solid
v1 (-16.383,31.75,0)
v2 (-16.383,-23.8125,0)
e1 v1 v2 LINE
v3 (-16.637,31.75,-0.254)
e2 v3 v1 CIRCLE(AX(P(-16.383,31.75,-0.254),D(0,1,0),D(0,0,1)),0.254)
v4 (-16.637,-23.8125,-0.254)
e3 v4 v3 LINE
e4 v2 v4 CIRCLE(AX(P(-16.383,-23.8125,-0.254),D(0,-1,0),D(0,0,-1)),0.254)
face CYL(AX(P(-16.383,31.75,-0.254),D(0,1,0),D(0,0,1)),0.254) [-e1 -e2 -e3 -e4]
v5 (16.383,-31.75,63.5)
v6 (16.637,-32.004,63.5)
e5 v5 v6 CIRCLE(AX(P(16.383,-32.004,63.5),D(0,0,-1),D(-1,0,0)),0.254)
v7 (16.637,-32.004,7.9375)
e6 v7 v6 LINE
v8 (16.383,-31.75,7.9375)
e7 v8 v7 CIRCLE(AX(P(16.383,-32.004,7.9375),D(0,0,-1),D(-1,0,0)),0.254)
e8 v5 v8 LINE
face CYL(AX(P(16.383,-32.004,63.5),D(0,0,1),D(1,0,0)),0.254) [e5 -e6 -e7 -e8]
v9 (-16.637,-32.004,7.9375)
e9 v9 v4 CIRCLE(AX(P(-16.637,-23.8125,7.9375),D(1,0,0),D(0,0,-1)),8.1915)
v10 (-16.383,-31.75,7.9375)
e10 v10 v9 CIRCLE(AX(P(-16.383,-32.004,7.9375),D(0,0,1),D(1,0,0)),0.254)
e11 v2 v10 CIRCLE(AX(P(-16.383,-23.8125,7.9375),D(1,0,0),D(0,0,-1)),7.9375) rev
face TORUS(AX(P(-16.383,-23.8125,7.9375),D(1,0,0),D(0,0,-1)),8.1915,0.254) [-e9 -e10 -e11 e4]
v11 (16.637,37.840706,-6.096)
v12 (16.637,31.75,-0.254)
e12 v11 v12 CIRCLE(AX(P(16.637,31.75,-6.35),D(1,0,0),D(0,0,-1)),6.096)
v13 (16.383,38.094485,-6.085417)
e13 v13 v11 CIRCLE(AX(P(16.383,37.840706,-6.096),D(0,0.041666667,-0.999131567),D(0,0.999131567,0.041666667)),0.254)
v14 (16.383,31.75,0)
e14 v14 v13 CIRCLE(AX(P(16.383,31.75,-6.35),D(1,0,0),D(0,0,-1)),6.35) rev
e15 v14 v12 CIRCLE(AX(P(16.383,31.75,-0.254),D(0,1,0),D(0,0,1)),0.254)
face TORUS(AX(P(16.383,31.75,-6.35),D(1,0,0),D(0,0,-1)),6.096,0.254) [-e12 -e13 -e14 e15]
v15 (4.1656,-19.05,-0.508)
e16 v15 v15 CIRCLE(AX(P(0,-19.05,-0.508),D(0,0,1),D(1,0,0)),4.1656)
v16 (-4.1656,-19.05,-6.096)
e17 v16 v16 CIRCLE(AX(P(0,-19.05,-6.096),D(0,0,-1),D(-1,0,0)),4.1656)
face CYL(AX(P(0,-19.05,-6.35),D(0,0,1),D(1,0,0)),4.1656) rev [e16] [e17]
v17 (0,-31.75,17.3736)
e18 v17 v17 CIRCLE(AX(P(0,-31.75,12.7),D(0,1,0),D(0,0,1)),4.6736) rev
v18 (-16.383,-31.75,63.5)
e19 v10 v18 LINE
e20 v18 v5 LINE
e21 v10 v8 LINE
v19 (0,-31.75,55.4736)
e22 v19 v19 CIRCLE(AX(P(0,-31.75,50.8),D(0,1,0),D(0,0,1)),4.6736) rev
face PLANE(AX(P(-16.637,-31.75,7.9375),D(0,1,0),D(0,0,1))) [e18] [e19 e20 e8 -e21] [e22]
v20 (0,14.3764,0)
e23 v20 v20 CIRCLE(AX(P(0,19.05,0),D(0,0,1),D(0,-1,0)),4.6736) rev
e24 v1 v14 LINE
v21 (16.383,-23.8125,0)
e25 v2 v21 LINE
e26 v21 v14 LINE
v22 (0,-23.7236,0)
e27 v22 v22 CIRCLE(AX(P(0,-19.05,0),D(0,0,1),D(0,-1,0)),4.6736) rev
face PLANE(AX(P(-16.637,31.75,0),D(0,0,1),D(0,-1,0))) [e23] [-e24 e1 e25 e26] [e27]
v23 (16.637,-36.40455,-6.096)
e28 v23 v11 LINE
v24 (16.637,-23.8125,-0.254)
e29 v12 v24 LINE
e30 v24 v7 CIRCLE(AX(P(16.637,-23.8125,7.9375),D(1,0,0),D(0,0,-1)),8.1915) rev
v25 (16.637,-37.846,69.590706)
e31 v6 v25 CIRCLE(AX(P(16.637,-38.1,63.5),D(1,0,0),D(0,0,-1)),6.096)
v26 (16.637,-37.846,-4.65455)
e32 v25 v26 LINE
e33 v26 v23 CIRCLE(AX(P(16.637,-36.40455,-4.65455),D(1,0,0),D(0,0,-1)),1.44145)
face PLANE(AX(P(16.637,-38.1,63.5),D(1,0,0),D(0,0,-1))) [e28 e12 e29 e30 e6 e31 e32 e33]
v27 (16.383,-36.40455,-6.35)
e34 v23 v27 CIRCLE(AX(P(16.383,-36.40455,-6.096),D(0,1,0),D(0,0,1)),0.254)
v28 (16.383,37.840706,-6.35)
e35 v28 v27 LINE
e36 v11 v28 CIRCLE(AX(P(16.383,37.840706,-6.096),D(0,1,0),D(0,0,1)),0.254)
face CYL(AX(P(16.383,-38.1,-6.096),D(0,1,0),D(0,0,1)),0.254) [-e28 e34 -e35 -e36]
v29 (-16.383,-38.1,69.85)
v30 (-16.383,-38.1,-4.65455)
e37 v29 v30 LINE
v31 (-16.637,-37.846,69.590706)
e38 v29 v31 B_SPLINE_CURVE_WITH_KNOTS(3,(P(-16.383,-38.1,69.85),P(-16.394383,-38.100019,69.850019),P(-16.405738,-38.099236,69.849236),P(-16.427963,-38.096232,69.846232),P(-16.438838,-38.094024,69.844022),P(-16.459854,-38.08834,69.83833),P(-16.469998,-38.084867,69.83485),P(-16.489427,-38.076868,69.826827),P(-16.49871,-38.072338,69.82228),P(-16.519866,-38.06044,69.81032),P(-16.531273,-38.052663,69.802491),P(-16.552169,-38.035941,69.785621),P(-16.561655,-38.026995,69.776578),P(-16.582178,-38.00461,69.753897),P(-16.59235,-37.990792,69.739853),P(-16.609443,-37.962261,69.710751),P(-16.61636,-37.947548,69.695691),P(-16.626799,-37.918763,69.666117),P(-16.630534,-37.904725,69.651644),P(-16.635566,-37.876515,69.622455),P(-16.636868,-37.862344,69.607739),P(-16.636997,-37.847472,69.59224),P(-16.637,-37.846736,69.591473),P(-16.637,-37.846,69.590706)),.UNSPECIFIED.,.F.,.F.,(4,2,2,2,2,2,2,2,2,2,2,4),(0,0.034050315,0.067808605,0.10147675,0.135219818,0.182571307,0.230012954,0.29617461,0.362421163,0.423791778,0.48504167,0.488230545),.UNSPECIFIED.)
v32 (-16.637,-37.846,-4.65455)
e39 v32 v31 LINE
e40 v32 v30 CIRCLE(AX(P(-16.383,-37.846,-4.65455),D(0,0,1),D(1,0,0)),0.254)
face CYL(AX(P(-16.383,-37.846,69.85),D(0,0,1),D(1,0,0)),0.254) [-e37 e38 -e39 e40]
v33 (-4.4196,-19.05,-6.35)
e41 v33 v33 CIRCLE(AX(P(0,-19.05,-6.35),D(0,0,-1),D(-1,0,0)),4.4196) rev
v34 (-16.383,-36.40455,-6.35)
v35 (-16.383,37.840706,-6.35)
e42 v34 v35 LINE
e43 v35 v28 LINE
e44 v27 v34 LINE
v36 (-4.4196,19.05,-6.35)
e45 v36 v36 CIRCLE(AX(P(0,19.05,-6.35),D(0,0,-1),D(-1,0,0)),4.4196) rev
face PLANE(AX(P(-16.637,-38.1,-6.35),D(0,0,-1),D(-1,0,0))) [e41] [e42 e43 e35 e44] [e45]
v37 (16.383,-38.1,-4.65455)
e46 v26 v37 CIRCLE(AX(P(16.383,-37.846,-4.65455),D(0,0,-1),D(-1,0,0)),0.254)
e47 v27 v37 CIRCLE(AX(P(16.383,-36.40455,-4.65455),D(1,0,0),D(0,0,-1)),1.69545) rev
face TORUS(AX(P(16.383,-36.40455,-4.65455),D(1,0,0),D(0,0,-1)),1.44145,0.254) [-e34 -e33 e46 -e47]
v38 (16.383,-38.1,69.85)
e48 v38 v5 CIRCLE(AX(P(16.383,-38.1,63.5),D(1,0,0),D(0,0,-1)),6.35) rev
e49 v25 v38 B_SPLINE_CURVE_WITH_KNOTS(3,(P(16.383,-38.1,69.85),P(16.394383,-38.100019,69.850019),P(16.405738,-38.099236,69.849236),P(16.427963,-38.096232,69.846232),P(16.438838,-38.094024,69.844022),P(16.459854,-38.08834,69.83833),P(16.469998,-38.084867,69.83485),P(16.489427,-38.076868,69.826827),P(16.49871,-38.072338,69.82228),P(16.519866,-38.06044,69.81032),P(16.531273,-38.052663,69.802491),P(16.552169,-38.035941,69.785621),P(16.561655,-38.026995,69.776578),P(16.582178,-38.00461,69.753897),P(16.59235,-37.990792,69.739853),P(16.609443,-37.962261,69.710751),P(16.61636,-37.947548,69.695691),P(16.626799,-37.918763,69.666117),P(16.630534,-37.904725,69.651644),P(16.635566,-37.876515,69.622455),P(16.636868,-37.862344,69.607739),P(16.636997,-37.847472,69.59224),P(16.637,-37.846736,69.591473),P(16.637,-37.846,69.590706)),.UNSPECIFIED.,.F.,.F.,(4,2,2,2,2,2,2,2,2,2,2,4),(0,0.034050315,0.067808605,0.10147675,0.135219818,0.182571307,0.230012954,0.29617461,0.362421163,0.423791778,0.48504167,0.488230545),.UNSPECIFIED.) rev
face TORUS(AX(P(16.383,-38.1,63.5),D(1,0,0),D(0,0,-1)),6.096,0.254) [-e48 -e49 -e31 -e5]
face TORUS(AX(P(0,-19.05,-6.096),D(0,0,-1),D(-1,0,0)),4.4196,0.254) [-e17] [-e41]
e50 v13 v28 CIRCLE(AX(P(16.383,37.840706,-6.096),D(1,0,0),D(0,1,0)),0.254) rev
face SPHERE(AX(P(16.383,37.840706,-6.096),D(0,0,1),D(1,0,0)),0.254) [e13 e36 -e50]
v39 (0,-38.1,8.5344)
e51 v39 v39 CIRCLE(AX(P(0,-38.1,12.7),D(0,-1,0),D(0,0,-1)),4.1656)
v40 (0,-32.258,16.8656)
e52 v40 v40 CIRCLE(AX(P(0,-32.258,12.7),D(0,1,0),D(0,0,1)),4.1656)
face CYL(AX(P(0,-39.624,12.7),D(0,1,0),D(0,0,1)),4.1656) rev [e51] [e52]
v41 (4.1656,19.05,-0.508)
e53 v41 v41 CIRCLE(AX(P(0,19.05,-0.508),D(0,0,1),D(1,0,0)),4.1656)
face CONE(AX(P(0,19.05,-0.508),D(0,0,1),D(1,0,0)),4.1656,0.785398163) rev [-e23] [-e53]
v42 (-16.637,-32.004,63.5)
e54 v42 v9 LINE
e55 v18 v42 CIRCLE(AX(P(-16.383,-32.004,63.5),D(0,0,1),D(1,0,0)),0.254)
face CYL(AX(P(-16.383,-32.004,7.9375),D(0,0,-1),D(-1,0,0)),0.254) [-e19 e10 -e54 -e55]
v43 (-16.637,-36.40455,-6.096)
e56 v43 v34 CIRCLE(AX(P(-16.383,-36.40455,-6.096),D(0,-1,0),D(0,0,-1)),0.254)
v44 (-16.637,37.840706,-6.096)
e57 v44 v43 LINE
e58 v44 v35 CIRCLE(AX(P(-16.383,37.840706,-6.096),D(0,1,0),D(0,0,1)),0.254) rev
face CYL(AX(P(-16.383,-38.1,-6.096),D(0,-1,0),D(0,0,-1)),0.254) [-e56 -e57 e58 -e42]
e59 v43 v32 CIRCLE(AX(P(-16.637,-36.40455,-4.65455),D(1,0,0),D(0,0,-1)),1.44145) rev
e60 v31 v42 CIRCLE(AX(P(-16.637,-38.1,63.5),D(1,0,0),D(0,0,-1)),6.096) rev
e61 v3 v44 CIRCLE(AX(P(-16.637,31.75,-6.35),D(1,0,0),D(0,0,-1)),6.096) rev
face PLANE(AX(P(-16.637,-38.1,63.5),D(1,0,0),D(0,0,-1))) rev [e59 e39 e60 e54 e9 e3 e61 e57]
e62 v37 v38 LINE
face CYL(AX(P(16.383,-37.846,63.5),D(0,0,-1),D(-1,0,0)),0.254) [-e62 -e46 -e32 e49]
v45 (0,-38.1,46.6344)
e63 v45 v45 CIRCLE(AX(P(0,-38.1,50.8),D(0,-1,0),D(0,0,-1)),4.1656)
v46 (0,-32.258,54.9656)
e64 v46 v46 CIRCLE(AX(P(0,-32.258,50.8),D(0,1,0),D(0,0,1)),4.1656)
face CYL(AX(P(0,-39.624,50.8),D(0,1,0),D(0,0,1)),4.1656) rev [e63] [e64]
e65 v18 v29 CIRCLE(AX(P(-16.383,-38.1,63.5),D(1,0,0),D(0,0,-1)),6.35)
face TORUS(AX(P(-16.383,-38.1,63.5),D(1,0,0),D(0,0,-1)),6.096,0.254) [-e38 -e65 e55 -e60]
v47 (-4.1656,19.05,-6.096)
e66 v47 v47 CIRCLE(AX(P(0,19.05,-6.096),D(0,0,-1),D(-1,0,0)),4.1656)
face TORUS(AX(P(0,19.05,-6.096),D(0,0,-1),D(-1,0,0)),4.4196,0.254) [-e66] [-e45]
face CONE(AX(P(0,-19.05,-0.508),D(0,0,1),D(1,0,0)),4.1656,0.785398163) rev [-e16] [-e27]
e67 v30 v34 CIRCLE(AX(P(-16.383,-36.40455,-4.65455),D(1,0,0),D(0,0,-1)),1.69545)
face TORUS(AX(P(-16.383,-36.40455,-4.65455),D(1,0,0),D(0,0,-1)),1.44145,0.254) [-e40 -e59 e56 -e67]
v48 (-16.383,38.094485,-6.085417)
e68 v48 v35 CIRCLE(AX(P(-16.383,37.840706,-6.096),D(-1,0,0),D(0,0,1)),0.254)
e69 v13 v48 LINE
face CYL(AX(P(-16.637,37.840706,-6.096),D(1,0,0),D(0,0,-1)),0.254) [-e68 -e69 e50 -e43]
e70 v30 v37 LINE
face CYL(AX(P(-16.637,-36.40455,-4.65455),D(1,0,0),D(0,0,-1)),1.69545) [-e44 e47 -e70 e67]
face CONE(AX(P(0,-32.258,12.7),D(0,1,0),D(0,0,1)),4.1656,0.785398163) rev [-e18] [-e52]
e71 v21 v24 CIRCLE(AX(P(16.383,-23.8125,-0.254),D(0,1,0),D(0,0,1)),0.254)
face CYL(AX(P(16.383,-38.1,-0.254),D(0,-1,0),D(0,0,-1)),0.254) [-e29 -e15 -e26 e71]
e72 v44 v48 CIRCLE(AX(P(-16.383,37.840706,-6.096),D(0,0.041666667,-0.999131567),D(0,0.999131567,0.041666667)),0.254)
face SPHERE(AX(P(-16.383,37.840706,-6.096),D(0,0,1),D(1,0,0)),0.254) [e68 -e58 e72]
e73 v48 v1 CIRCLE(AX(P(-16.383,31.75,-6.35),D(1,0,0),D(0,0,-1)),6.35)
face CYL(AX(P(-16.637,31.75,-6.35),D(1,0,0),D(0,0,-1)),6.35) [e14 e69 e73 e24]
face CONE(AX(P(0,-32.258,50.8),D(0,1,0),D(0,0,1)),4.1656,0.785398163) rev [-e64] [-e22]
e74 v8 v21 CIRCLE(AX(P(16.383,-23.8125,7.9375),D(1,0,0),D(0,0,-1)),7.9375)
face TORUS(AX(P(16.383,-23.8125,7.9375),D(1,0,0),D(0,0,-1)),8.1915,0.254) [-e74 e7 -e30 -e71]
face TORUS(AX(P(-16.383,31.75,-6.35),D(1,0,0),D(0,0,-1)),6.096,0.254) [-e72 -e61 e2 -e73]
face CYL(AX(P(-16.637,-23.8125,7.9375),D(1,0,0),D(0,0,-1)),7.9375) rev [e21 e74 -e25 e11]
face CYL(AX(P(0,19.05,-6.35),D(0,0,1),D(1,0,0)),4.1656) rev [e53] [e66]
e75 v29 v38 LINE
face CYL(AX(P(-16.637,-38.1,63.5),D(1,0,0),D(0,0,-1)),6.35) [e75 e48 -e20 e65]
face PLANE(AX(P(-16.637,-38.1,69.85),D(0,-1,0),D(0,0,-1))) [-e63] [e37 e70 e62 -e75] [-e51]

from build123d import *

# Parameters (mm, degrees)
BOSS_EXTRUDE1_START = 16.637
BOSS_EXTRUDE1_DEPTH = 33.274
FILLET1_R           = 1.69545
SKETCH4_R           = 4.1656
CUT_EXTRUDE1_DEPTH  = 82.286052118
SKETCH6_R           = 4.1656
CUT_EXTRUDE3_DEPTH  = 7.874
CHAMFER1_SIZE       = 0.508
FILLET2_R           = 0.254


with BuildPart() as part:
    # Sketch3 → Boss-Extrude1 (new body)
    with BuildSketch(Plane(origin=(0, 0, 0), x_dir=(0, 0, -1), z_dir=(1, 0, 0)).offset(BOSS_EXTRUDE1_START)):
        with BuildLine():
            Line((-7.9375, -31.75), (-63.5, -31.75))
            ThreePointArc((-63.5, -31.75), (-67.990128061, -33.609871939), (-69.85, -38.1))
            Line((-69.85, -38.1), (6.35, -38.1))
            Line((6.35, -38.1), (6.35, 38.1))
            ThreePointArc((6.35, 38.1), (1.859871939, 36.240128061), (0, 31.75))
            Line((0, 31.75), (0, -23.8125))
            ThreePointArc((0, -23.8125), (-2.324839924, -29.425160076), (-7.9375, -31.75))
        make_face()
    extrude(amount=-BOSS_EXTRUDE1_DEPTH)

    # Fillet1
    fillet1_edges = [part.edges().sort_by_distance(p)[0] for p in [
        (0, -38.1, -6.35),
    ]]
    fillet(fillet1_edges, radius=FILLET1_R)

    # Sketch4 → Cut-Extrude1 (cut, through all)
    with BuildSketch(Plane.XY):
        with Locations((0, 19.05)):
            Circle(SKETCH4_R)
        with Locations(Location((0, -19.05, 0), (0, 0, 180))):
            Circle(SKETCH4_R)
    extrude(amount=-CUT_EXTRUDE1_DEPTH, mode=Mode.SUBTRACT)

    # Sketch6 → Cut-Extrude3 (cut)
    with BuildSketch(Plane(origin=(0, -31.75, 0), x_dir=(1, 0, 0), z_dir=(0, 1, 0))):
        with Locations(Location((0, -12.7, 0), (0, 0, 270))):
            Circle(SKETCH6_R)
        with Locations(Location((0, -50.8, 0), (0, 0, 270))):
            Circle(SKETCH6_R)
    extrude(amount=-CUT_EXTRUDE3_DEPTH, mode=Mode.SUBTRACT)

    # Chamfer1
    chamfer1_edges = [part.edges().sort_by_distance(p)[0] for p in [
        (-4.1656, 19.05, 0),
        (4.1656, -19.05, 0),
        (0, -31.75, 8.5344),
        (0, -31.75, 46.6344),
    ]]
    chamfer(chamfer1_edges, length=CHAMFER1_SIZE)

    # Fillet2
    fillet2_edges = [part.edges().sort_by_distance(p)[0] for p in [
        (0, 38.1, -6.35),
        (-16.637, 36.240128061, -1.859871939),
        (-16.637, 3.96875, 0),
        (-16.637, -29.425160076, 2.324839924),
        (16.637, 0.847725, -6.35),
        (-16.637, -31.75, 35.71875),
        (16.637, -37.603414192, -5.853414192),
        (-16.637, 0.847725, -6.35),
        (-16.637, -37.603414192, -5.853414192),
        (-4.1656, 19.05, -6.35),
        (4.1656, -19.05, -6.35),
        (-16.637, -33.609871939, 67.990128061),
        (16.637, -31.75, 35.71875),
        (-16.637, -38.1, 32.597725),
        (16.637, -29.425160076, 2.324839924),
        (16.637, 3.96875, 0),
        (16.637, 36.240128061, -1.859871939),
        (16.637, -38.1, 32.597725),
        (16.637, -33.609871939, 67.990128061),
    ]]
    fillet(fillet2_edges, radius=FILLET2_R)


solid = part.part
